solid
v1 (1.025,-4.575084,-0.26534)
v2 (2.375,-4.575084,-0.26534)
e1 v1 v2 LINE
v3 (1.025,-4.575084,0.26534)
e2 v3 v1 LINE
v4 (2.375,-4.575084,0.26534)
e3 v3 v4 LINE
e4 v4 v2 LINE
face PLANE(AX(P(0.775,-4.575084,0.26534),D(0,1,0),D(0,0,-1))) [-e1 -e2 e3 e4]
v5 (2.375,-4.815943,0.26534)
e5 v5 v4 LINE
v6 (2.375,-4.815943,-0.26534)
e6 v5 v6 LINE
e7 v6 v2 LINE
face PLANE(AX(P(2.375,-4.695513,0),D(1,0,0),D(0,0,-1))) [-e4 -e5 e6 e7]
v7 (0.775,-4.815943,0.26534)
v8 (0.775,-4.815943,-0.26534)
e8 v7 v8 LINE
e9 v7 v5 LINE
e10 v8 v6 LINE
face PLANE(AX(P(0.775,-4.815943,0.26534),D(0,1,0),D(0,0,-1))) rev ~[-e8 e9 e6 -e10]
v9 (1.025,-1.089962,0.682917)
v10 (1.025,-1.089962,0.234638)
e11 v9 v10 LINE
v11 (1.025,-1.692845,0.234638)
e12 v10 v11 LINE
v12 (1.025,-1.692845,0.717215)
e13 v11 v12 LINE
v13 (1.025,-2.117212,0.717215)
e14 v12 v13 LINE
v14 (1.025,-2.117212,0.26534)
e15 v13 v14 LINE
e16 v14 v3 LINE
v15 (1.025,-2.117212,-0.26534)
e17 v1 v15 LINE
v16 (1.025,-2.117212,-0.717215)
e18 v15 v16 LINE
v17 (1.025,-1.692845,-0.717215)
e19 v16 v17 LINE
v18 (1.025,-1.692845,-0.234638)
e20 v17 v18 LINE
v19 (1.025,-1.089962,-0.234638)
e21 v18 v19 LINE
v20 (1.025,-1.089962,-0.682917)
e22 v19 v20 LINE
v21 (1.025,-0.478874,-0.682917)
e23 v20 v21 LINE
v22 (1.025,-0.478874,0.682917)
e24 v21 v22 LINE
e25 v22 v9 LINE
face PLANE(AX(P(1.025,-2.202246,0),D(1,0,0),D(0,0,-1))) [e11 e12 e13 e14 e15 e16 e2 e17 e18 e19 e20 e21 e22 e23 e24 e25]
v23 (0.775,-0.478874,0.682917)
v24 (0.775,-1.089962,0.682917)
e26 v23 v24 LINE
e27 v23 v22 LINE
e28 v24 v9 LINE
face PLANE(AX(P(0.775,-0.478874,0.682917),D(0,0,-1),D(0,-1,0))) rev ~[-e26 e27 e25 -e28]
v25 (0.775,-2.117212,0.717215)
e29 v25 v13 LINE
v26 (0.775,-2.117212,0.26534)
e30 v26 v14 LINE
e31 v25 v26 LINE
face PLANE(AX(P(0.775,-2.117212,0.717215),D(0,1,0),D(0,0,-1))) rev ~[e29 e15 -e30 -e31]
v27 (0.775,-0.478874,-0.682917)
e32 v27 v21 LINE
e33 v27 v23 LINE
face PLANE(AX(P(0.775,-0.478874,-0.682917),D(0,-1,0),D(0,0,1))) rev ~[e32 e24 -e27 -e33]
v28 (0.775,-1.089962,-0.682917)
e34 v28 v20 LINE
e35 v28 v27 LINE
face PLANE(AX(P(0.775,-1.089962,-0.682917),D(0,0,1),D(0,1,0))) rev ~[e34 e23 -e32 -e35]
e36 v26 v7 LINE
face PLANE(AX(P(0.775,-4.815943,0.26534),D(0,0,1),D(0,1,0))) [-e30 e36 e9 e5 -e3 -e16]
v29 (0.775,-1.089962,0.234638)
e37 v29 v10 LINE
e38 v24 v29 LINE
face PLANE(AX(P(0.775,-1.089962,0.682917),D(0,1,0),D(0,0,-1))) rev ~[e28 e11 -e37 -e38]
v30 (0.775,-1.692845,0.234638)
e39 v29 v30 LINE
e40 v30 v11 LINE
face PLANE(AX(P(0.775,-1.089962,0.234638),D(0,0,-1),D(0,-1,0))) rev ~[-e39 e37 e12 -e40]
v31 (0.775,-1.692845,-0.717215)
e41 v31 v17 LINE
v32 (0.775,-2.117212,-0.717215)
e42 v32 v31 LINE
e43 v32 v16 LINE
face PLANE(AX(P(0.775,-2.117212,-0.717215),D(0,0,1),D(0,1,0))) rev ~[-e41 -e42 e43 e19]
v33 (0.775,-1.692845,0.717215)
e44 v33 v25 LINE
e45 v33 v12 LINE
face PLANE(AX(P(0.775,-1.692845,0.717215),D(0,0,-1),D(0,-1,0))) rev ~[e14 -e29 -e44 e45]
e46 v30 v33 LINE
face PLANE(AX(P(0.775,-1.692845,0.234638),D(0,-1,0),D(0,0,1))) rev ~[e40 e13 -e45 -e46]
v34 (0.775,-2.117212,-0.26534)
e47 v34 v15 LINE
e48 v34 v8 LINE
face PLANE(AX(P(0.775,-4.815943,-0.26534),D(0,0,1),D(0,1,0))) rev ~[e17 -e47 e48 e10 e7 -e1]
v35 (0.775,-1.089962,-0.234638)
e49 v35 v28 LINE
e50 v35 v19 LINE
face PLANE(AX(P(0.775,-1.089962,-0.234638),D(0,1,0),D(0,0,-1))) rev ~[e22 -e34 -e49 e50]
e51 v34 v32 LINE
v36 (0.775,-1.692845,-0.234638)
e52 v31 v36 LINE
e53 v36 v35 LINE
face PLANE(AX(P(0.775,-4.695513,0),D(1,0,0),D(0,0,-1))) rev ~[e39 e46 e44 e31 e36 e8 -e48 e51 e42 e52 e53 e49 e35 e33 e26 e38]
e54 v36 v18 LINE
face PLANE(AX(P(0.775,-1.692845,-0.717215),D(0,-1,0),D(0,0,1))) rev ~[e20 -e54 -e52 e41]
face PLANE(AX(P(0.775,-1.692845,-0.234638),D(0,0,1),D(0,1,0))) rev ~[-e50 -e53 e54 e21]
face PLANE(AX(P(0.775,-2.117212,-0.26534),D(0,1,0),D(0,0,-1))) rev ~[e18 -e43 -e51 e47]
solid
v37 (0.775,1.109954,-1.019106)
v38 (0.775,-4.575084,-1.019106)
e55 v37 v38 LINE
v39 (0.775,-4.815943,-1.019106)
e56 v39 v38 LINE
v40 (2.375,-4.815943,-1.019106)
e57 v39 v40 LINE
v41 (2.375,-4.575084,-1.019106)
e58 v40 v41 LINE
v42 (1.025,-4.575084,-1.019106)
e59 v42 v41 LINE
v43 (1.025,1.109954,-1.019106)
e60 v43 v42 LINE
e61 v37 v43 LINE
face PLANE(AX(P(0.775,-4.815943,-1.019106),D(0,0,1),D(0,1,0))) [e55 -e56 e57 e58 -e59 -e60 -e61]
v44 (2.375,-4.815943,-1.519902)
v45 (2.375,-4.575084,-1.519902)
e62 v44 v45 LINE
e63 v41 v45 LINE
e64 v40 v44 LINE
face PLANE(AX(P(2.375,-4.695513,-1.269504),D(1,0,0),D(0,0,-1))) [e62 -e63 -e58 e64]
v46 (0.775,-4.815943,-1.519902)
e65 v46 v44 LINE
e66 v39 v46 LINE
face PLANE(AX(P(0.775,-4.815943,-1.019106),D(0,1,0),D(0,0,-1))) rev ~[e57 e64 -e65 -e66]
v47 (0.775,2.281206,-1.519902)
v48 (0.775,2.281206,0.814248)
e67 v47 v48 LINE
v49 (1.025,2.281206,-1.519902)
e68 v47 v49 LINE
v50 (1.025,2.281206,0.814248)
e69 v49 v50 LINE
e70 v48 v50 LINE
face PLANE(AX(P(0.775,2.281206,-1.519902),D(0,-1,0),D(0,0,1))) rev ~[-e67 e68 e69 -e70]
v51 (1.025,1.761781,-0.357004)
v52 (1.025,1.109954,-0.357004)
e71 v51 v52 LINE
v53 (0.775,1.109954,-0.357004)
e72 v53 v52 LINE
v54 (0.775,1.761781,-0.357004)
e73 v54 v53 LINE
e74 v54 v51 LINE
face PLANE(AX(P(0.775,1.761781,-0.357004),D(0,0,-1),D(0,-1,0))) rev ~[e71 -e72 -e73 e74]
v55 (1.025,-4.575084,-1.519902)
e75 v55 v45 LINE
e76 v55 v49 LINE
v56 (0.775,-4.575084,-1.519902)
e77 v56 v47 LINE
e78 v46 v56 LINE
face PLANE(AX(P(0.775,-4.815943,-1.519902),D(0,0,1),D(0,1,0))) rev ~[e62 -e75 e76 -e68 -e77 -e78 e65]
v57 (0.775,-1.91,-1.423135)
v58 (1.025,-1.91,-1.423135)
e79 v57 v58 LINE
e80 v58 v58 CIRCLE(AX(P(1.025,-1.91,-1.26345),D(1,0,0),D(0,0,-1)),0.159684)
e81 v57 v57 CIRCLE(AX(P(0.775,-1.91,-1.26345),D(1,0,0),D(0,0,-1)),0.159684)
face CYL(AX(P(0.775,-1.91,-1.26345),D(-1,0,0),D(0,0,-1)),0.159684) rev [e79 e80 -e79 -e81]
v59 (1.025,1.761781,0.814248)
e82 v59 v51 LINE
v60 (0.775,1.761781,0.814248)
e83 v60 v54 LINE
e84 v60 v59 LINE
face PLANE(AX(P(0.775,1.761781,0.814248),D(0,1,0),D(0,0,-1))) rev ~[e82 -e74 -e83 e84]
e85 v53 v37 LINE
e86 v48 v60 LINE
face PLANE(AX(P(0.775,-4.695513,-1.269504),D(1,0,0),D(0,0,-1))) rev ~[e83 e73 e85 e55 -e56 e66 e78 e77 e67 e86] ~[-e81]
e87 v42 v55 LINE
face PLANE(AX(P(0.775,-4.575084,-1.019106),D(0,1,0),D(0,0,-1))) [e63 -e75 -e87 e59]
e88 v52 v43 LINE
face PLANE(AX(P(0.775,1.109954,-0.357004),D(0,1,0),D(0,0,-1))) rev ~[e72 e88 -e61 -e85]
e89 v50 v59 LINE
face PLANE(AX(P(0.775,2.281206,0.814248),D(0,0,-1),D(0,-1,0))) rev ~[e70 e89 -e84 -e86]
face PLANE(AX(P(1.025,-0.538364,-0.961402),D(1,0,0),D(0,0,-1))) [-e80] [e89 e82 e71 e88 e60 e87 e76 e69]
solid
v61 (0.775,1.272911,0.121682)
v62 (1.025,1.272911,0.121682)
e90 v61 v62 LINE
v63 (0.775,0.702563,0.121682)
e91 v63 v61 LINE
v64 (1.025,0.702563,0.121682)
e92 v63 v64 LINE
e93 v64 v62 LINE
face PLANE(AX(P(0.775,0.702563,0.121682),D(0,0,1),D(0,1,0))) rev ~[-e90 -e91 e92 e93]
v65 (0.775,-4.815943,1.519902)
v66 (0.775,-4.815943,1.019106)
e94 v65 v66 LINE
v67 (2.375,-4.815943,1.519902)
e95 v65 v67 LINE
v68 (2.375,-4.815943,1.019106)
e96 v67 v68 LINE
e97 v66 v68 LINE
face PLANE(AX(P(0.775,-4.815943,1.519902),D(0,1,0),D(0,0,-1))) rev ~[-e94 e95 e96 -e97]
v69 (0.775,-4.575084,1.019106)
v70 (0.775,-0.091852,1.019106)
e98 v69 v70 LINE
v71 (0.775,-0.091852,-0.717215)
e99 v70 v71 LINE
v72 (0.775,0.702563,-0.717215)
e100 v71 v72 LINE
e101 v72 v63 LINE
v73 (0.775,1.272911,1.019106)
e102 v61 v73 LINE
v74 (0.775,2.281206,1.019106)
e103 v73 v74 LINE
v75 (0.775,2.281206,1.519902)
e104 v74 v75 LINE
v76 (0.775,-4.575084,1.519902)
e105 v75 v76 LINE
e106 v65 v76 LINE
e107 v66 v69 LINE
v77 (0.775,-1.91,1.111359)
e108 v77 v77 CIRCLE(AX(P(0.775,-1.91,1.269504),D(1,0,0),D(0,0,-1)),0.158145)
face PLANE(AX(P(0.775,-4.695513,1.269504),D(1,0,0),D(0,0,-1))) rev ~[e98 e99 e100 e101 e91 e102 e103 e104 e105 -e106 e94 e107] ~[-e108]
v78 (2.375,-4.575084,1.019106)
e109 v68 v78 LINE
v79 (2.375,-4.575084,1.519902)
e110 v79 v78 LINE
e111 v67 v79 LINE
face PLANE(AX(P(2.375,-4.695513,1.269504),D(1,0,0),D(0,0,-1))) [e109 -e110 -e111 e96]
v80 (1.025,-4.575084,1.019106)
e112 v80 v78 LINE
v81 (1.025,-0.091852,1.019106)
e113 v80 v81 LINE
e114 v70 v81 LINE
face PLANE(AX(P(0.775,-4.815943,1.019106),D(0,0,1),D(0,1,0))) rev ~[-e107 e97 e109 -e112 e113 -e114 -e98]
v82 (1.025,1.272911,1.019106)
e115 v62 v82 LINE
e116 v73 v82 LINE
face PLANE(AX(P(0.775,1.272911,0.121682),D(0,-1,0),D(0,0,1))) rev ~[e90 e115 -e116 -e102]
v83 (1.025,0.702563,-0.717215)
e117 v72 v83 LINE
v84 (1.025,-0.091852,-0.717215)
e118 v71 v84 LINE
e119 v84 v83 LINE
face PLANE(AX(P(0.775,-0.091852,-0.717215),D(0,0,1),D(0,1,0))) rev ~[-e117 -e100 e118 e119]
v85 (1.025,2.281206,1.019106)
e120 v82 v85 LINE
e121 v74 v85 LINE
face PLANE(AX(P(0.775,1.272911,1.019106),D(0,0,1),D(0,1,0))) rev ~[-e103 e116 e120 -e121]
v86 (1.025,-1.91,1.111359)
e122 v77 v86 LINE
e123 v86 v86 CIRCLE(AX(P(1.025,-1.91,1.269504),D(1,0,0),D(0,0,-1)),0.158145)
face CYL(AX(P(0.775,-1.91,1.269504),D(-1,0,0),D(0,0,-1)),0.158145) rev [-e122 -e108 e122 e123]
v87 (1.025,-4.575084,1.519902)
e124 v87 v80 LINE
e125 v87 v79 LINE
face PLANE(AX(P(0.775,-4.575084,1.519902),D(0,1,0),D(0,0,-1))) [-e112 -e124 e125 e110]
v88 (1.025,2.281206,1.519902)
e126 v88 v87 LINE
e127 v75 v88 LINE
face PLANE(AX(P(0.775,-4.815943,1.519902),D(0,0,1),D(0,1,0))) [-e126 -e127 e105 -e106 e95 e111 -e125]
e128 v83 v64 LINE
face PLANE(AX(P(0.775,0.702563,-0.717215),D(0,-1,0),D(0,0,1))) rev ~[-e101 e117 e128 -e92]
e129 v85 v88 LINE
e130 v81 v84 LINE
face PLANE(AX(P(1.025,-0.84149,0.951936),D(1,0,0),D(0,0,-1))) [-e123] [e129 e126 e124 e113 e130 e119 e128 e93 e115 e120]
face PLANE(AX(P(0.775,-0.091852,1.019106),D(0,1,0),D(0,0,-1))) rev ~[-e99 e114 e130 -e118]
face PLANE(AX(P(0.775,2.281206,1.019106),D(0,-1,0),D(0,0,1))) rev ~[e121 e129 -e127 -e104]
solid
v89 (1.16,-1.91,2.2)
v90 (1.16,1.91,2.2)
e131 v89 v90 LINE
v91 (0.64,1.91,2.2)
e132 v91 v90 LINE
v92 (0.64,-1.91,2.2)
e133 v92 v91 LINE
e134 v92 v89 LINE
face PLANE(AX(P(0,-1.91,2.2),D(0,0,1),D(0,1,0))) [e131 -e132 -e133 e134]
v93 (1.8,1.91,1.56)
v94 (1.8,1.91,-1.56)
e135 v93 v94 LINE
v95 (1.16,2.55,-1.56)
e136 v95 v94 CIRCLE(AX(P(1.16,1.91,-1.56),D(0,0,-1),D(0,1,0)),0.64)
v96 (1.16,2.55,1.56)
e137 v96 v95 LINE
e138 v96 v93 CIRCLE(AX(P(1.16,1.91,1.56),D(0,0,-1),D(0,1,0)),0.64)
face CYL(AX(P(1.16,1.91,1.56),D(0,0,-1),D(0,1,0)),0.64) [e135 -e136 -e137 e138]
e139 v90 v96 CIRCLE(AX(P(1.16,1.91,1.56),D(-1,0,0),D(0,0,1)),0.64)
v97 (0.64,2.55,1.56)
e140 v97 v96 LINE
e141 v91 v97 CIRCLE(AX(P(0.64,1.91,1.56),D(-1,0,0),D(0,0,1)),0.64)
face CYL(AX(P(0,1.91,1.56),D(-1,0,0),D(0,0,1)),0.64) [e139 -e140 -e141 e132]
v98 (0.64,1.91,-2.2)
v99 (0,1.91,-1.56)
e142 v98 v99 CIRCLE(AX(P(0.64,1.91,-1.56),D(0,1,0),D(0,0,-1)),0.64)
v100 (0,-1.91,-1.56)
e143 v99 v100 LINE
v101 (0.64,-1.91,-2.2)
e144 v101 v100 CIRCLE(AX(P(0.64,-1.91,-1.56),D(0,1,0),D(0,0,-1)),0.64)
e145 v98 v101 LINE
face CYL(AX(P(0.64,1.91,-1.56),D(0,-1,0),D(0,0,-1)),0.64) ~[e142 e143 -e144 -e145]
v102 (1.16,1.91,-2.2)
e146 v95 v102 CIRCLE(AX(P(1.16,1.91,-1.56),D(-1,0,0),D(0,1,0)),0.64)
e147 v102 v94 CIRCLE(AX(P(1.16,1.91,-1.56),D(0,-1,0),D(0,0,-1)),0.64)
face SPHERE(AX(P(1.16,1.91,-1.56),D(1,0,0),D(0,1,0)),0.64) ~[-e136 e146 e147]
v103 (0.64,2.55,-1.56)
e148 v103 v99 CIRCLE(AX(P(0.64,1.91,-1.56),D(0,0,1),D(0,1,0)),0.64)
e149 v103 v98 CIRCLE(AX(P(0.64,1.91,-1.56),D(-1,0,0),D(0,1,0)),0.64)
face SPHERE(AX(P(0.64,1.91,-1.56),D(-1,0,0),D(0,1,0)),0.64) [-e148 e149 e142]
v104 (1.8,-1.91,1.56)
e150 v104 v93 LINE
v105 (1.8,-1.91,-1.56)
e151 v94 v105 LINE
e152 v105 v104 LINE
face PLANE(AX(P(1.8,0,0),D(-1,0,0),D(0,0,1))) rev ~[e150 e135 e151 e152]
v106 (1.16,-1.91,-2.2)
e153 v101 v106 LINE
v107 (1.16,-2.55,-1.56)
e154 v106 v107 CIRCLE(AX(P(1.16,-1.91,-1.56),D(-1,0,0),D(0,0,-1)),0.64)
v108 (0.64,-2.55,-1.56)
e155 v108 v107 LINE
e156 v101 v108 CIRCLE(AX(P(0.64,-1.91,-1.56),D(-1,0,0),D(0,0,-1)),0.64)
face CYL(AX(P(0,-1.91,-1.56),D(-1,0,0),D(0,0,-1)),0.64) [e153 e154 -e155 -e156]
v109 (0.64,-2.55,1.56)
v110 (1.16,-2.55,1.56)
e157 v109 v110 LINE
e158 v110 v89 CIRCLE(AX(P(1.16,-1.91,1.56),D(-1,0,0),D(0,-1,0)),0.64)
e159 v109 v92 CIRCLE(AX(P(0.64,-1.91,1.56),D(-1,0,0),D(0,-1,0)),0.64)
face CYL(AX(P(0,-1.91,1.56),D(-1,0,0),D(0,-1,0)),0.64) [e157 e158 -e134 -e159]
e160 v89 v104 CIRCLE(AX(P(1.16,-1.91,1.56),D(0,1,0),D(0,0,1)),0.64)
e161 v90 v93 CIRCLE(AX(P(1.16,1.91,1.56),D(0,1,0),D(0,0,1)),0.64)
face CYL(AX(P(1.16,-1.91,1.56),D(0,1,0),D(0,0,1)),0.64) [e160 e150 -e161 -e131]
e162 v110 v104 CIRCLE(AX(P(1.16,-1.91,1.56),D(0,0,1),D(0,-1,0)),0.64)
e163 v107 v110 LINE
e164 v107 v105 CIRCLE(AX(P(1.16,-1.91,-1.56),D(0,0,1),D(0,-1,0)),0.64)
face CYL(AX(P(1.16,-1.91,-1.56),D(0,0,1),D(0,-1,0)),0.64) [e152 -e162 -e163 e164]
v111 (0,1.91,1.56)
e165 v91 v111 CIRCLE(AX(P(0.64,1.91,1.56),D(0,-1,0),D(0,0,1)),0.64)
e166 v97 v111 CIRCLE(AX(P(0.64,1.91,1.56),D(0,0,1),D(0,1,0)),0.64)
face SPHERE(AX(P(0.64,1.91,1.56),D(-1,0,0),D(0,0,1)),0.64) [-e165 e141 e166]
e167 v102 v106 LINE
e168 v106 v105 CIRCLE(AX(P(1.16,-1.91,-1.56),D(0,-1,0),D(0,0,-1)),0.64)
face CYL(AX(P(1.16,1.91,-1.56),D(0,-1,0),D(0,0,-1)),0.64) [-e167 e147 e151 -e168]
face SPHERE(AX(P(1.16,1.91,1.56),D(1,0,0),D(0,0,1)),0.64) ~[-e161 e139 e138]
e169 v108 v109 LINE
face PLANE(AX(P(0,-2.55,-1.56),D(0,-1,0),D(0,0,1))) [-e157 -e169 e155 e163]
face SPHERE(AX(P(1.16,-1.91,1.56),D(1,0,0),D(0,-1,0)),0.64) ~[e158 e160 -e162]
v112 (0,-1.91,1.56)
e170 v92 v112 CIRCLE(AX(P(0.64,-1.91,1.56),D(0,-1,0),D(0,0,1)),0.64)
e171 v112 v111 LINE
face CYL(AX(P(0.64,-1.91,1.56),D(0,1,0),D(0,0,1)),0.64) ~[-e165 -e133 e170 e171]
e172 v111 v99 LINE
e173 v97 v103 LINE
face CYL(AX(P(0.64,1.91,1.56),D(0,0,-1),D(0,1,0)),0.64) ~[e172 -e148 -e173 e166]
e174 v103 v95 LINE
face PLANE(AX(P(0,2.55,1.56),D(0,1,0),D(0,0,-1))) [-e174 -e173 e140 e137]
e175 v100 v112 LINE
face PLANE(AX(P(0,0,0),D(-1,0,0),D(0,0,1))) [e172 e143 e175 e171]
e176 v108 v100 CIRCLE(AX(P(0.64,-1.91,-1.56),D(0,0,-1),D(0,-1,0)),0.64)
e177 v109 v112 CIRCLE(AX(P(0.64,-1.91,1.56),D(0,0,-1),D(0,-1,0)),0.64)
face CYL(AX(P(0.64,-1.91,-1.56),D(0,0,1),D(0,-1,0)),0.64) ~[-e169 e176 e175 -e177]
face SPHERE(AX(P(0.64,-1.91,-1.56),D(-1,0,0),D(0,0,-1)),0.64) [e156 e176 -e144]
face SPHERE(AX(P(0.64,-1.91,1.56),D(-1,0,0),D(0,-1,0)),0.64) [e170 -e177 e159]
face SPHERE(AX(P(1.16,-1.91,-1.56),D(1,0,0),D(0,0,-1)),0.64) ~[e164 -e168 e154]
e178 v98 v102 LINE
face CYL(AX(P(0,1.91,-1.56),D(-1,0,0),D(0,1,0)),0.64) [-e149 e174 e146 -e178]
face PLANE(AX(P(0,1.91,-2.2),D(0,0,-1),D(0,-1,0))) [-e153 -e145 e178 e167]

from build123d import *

# Parameters (mm, degrees)
BOSS_EXTRUDE1_DEPTH        = 1.8
FILLET1_R                  = 0.64
BOSS_EXTRUDE2_DEPTH        = 0.125
BOSS_EXTRUDE2_DEPTH_BACK   = 0.125
BOSS_EXTRUDE2_2_DEPTH      = 0.125
BOSS_EXTRUDE2_2_DEPTH_BACK = 0.125
SKETCH2_R                  = 0.15814457
BOSS_EXTRUDE2_3_DEPTH      = 0.125
BOSS_EXTRUDE2_3_DEPTH_BACK = 0.125
SKETCH2_R_2                = 0.159684068
SKETCH4_W                  = 0.500795775
SKETCH4_H                  = 0.240858333
SKETCH4_W_2                = 0.530680686
BOSS_EXTRUDE3_DEPTH        = 1.6


with BuildPart() as part:
    # Sketch1 → Boss-Extrude1 (new body)
    with BuildSketch(Plane(origin=(0, 0, 0), x_dir=(0, 0, -1), z_dir=(1, 0, 0))):
        with BuildLine():
            Line((-1.56, 2.55), (1.56, 2.55))
            ThreePointArc((1.56, 2.55), (2.01254834, 2.36254834), (2.2, 1.91))
            Line((2.2, 1.91), (2.2, -1.91))
            ThreePointArc((2.2, -1.91), (2.01254834, -2.36254834), (1.56, -2.55))
            Line((1.56, -2.55), (-1.56, -2.55))
            ThreePointArc((-1.56, -2.55), (-2.01254834, -2.36254834), (-2.2, -1.91))
            Line((-2.2, -1.91), (-2.2, 1.91))
            ThreePointArc((-2.2, 1.91), (-2.01254834, 2.36254834), (-1.56, 2.55))
        make_face()
    extrude(amount=BOSS_EXTRUDE1_DEPTH)

    # Fillet1
    fillet1_edges = [part.edges().sort_by_distance(p)[0] for p in [
        (1.8, -2.36254834, -2.01254834),
        (0, -2.55, 0),
        (0, -2.36254834, 2.01254834),
        (1.8, 0, -2.2),
        (1.8, 2.36254834, -2.01254834),
        (1.8, 2.55, 0),
        (1.8, 2.36254834, 2.01254834),
        (1.8, 0, 2.2),
        (1.8, -2.36254834, 2.01254834),
        (1.8, -2.55, 0),
        (0, 0, 2.2),
        (0, 2.36254834, 2.01254834),
        (0, 2.55, 0),
        (0, 2.36254834, -2.01254834),
        (0, 0, -2.2),
        (0, -2.36254834, -2.01254834),
    ]]
    fillet(fillet1_edges, radius=FILLET1_R)


with BuildPart() as body_2:
    # Sketch2 → Boss-Extrude2 (new, two sides: drawn at the far end of the back side and taken through both)
    with BuildSketch(Plane(origin=(0.9, 0, 0), x_dir=(0, 0, -1), z_dir=(1, 0, 0)).offset(-BOSS_EXTRUDE2_DEPTH_BACK)):
        Polygon((0.234638485, -1.692845196), (0.234638485, -1.089961788), (0.682917026, -1.089961788), (0.682917026, -0.478873961), (-0.682917026, -0.478873961), (-0.682917026, -1.089961788), (-0.234638485, -1.089961788), (-0.234638485, -1.692845196), (-0.71721526, -1.692845196), (-0.71721526, -2.117211743), (-0.265340343, -2.117211743), (-0.265340343, -4.575084305), (0.265340343, -4.575084305), (0.265340343, -2.117211743), (0.71721526, -2.117211743), (0.71721526, -1.692845196), align=None)
    extrude(amount=BOSS_EXTRUDE2_DEPTH + BOSS_EXTRUDE2_DEPTH_BACK)



with BuildPart() as body_3:
    # Sketch2 → Boss-Extrude2 2 (new, two sides: drawn at the far end of the back side and taken through both)
    with BuildSketch(Plane(origin=(0.9, 0, 0), x_dir=(0, 0, -1), z_dir=(1, 0, 0)).offset(-BOSS_EXTRUDE2_2_DEPTH_BACK)):
        Polygon((-1.519901832, -1.501575177), (-1.519901832, -4.575084305), (-1.019106057, -4.575084305), (-1.019106057, -2.263381464), (-1.019106057, -0.09185167), (0.71721526, -0.09185167), (0.71721526, 0.702562506), (-0.121681947, 0.702562506), (-0.121681947, 1.272911146), (-1.019106057, 1.272911146), (-1.019106057, 2.281206061), (-1.519901832, 2.281206061), align=None)
        with Locations((-1.269503945, -1.91)):
            Circle(SKETCH2_R, mode=Mode.SUBTRACT)
    extrude(amount=BOSS_EXTRUDE2_2_DEPTH + BOSS_EXTRUDE2_2_DEPTH_BACK)


with BuildPart() as body_4:
    # Sketch2 → Boss-Extrude2 3 (new, two sides: drawn at the far end of the back side and taken through both)
    with BuildSketch(Plane(origin=(0.9, 0, 0), x_dir=(0, 0, -1), z_dir=(1, 0, 0)).offset(-BOSS_EXTRUDE2_3_DEPTH_BACK)):
        Polygon((1.019106057, -2.263381464), (1.019106057, -4.575084305), (1.519901832, -4.575084305), (1.519901832, -1.501575177), (1.519901832, 1.91), (1.519901832, 2.281206061), (-0.814248152, 2.281206061), (-0.814248152, 1.761781408), (0.357003518, 1.761781408), (0.357003518, 1.109954392), (1.019106057, 1.109954392), align=None)
        with Locations((1.263450462, -1.91)):
            Circle(SKETCH2_R_2, mode=Mode.SUBTRACT)
    extrude(amount=BOSS_EXTRUDE2_3_DEPTH + BOSS_EXTRUDE2_3_DEPTH_BACK)


with BuildPart() as body_2_1:
    add(body_2.part)

    add(body_3.part)  # Boss-Extrude3 merges body 3

    add(body_4.part)  # Boss-Extrude3 merges body 4
    # Sketch4 → Boss-Extrude3 (add)
    with BuildSketch(Plane(origin=(0.775, 0, 0), x_dir=(0, 0, -1), z_dir=(1, 0, 0))):
        with Locations((-1.269503945, -4.695513471)):
            Rectangle(SKETCH4_W, SKETCH4_H)
        with Locations((0, -4.695513471)):
            Rectangle(SKETCH4_W_2, SKETCH4_H)
        with Locations((1.269503945, -4.695513471)):
            Rectangle(SKETCH4_W, SKETCH4_H)
    extrude(amount=BOSS_EXTRUDE3_DEPTH)


solid = Compound([part.part, body_2_1.part])
